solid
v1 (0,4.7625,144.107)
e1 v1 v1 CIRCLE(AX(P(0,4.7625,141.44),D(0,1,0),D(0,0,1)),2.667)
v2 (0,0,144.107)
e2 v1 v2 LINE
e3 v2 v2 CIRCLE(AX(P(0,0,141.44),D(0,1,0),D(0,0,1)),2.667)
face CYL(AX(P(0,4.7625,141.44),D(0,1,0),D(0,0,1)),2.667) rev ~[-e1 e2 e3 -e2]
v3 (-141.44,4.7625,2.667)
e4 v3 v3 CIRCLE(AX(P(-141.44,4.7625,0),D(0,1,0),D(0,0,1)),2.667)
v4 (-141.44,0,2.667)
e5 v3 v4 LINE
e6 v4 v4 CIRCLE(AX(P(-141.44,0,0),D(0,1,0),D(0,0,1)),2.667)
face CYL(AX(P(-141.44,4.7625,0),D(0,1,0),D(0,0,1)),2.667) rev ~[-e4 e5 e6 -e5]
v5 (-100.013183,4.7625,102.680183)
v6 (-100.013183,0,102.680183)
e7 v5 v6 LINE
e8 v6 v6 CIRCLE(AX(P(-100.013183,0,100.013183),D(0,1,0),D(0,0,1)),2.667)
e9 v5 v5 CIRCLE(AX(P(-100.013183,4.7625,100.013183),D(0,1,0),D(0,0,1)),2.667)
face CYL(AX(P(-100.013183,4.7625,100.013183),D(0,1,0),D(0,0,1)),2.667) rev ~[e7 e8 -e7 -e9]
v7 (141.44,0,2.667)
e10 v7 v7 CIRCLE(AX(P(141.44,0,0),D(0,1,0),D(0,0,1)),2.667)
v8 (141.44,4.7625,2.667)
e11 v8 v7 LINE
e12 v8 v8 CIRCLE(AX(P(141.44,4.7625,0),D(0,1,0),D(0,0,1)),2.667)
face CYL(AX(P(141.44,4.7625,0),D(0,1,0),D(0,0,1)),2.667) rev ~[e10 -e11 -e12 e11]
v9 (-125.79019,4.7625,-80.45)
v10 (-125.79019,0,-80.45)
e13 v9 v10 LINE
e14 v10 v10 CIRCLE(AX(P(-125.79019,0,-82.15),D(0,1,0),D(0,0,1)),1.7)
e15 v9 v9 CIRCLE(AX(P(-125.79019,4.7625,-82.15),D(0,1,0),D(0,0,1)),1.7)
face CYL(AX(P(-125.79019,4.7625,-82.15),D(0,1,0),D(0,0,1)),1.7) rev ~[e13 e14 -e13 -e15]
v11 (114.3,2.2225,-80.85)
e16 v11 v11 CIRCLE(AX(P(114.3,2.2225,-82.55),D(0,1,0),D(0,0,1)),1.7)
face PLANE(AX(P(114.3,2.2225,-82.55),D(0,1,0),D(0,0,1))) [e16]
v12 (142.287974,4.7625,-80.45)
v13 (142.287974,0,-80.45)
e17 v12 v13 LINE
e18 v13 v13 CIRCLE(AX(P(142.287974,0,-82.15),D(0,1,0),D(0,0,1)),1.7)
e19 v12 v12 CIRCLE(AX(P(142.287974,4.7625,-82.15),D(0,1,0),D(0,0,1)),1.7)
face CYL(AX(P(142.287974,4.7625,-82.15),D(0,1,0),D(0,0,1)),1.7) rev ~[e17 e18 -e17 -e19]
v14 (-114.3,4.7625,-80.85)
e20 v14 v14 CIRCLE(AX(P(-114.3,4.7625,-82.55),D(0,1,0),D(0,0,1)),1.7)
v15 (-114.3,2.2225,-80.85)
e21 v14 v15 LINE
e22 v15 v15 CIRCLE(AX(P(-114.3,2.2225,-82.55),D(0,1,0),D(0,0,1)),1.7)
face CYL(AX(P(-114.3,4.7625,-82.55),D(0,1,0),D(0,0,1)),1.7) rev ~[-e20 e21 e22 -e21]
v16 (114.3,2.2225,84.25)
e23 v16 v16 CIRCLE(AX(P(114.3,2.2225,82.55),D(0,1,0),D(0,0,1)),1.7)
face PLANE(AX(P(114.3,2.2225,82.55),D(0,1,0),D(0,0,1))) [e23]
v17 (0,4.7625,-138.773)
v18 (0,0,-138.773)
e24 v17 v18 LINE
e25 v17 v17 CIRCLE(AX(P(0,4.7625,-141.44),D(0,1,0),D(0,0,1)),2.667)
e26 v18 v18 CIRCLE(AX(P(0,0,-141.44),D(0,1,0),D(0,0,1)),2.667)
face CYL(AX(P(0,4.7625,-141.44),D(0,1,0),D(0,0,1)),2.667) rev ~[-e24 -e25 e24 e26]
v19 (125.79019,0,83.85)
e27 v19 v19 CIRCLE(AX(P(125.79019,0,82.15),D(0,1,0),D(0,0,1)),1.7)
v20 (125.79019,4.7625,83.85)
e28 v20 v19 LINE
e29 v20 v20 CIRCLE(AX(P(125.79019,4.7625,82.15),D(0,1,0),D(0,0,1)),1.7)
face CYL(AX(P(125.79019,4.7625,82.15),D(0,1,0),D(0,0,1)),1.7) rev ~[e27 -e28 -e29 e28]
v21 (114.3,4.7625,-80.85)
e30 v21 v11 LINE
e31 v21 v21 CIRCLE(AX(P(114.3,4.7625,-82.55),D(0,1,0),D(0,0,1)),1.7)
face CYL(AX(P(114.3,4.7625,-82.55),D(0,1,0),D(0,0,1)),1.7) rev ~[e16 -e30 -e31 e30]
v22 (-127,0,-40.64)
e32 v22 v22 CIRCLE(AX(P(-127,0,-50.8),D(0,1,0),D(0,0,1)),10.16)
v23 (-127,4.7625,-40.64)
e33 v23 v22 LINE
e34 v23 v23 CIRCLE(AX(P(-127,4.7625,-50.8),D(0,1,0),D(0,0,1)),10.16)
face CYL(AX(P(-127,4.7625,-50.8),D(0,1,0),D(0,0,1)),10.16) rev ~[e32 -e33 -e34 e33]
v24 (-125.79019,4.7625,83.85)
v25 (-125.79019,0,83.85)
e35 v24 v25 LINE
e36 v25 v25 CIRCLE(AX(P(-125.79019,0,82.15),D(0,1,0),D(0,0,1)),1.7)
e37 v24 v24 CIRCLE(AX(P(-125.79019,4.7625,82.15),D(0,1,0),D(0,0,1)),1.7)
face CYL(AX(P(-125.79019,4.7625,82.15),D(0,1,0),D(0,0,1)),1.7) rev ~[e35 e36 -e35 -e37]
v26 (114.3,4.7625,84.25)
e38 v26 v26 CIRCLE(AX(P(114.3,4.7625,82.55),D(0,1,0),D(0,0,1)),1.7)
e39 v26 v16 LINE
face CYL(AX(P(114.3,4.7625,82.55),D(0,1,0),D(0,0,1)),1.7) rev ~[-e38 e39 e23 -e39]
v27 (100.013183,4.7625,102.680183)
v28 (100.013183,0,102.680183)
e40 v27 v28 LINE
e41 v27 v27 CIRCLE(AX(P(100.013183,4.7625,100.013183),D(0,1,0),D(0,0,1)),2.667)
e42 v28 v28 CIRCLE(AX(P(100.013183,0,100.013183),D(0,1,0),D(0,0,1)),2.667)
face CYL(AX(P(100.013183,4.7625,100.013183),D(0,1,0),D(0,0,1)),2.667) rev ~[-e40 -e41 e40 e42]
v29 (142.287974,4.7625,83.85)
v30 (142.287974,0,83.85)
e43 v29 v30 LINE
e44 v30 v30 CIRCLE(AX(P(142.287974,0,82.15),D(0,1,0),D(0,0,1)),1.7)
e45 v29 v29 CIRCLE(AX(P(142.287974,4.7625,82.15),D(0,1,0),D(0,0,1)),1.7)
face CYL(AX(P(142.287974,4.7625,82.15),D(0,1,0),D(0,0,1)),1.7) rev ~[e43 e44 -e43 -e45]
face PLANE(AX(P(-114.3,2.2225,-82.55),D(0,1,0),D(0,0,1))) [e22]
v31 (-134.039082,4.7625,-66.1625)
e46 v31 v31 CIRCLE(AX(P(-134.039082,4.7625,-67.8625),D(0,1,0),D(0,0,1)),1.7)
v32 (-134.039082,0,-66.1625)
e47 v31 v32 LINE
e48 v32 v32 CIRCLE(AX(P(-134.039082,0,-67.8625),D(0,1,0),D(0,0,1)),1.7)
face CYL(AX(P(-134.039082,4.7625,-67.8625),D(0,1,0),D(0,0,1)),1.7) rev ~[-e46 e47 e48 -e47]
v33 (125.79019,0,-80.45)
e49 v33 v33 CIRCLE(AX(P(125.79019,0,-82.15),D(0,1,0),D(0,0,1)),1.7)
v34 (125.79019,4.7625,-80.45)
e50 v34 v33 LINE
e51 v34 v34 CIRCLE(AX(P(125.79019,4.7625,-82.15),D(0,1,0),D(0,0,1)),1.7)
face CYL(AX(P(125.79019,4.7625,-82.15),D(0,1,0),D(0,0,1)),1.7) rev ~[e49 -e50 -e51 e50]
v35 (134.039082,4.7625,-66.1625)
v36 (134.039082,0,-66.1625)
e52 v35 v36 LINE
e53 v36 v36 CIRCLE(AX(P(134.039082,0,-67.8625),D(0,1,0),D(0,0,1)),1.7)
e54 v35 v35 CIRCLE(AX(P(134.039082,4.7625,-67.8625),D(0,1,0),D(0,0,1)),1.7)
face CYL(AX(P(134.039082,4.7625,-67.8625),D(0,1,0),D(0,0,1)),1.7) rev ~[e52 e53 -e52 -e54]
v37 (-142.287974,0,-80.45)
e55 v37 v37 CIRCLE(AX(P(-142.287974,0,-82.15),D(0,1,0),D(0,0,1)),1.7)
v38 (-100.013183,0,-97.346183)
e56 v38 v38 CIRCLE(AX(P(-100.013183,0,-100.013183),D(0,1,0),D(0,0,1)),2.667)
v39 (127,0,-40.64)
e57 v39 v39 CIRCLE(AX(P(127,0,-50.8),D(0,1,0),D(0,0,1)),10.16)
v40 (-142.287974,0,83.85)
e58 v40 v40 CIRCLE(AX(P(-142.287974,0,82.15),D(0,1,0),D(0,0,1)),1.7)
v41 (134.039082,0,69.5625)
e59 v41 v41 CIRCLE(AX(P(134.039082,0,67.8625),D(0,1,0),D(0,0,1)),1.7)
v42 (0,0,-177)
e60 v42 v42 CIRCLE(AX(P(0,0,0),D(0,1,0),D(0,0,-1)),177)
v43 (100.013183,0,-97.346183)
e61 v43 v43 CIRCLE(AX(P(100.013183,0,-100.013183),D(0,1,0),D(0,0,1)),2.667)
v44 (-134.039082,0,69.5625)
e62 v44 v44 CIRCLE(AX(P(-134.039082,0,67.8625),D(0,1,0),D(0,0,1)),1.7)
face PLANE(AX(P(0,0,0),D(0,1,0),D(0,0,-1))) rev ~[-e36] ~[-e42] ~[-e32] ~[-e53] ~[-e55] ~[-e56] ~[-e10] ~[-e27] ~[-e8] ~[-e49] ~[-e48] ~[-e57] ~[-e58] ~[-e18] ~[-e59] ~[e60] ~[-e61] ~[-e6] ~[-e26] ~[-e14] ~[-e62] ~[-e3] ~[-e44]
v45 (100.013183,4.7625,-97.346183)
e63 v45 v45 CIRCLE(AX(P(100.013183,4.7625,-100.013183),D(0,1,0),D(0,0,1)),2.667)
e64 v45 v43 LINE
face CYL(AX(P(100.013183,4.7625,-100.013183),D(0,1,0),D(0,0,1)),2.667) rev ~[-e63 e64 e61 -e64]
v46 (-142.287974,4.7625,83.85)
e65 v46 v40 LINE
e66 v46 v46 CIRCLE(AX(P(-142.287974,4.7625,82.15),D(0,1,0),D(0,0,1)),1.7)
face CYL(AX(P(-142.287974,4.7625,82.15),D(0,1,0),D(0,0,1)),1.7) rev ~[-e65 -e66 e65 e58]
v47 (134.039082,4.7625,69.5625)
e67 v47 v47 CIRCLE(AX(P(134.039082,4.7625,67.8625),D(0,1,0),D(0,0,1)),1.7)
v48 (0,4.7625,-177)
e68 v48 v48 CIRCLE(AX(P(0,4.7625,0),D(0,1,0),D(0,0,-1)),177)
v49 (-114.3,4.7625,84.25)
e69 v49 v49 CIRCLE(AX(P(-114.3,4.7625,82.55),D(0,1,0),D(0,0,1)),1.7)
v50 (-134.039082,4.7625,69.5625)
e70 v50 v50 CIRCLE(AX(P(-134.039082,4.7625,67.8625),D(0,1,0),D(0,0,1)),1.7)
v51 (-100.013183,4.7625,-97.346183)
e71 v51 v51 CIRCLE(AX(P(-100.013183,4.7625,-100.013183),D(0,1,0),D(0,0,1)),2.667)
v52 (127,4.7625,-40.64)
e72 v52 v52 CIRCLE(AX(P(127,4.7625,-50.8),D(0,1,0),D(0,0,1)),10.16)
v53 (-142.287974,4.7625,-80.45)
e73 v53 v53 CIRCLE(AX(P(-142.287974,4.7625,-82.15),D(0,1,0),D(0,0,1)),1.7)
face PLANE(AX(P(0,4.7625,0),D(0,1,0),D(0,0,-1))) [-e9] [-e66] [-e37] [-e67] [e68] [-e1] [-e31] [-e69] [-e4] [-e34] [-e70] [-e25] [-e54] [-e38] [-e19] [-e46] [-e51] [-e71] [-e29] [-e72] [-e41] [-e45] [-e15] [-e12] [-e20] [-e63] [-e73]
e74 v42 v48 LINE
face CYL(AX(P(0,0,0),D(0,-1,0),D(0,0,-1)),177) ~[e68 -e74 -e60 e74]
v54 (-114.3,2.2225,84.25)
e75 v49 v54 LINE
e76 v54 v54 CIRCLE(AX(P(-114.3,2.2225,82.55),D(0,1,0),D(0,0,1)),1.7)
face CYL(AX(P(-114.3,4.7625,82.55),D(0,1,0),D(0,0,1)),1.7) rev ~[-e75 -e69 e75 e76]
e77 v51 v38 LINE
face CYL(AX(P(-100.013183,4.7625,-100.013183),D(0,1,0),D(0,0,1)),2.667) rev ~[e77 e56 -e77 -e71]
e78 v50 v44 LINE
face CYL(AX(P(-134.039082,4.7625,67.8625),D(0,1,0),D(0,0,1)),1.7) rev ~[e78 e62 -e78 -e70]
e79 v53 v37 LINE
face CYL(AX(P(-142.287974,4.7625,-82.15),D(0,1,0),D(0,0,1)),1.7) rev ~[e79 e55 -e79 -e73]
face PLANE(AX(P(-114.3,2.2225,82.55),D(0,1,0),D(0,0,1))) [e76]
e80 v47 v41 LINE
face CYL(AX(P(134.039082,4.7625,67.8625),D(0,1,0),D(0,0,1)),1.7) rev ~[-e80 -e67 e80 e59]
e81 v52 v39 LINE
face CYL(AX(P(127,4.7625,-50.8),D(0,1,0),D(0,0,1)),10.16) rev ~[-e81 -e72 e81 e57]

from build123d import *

# Parameters (mm, degrees)
SKETCH1_R           = 177
BOSS_EXTRUDE1_DEPTH = 4.7625
SKETCH3_R           = 1.7
CUT_EXTRUDE1_DEPTH  = 2.54
SKETCH4_R           = 1.7
CUT_EXTRUDE2_DEPTH  = 251.361102023
SKETCH5_R           = 10.16
WIRES_2_DEPTH       = 251.361102023
SKETCH6_R           = 2.667
ZIP_TIES_DEPTH      = 251.361102023


with BuildPart() as part:
    # Sketch1 → Boss-Extrude1 (new body)
    with BuildSketch(Plane(origin=(0, 0, 0), x_dir=(1, 0, 0), z_dir=(0, 1, 0))):
        with Locations(Location((0, 0, 0), (0, 0, 90))):
            Circle(SKETCH1_R)
    extrude(amount=BOSS_EXTRUDE1_DEPTH)

    # Sketch3 → Cut-Extrude1 (cut)
    with BuildSketch(Plane(origin=(0, 4.7625, 0), x_dir=(1, 0, 0), z_dir=(0, 1, 0))):
        with Locations(Location((-114.3, -82.55, 0), (0, 0, 270))):
            Circle(SKETCH3_R)
        with Locations(Location((-114.3, 82.55, 0), (0, 0, 270))):
            Circle(SKETCH3_R)
        with Locations(Location((114.3, 82.55, 0), (0, 0, 270))):
            Circle(SKETCH3_R)
        with Locations(Location((114.3, -82.55, 0), (0, 0, 270))):
            Circle(SKETCH3_R)
    extrude(amount=-CUT_EXTRUDE1_DEPTH, mode=Mode.SUBTRACT)

    # Sketch4 → Cut-Extrude2 (cut, through all)
    with BuildSketch(Plane(origin=(0, 4.7625, 0), x_dir=(1, 0, 0), z_dir=(0, 1, 0))):
        with Locations(Location((142.287973842, -82.15, 0), (0, 0, 270))):
            Circle(SKETCH4_R)
        with Locations(Location((125.7901899, -82.15, 0), (0, 0, 270))):
            Circle(SKETCH4_R)
        with Locations(Location((134.039081871, -67.8625, 0), (0, 0, 270))):
            Circle(SKETCH4_R)
        with Locations(Location((-134.039081871, -67.8625, 0), (0, 0, 270))):
            Circle(SKETCH4_R)
        with Locations(Location((-125.7901899, -82.15, 0), (0, 0, 270))):
            Circle(SKETCH4_R)
        with Locations(Location((-142.287973842, -82.15, 0), (0, 0, 270))):
            Circle(SKETCH4_R)
        with Locations(Location((-142.287973842, 82.15, 0), (0, 0, 270))):
            Circle(SKETCH4_R)
        with Locations(Location((-125.7901899, 82.15, 0), (0, 0, 270))):
            Circle(SKETCH4_R)
        with Locations(Location((-134.039081871, 67.8625, 0), (0, 0, 270))):
            Circle(SKETCH4_R)
        with Locations(Location((134.039081871, 67.8625, 0), (0, 0, 270))):
            Circle(SKETCH4_R)
        with Locations(Location((125.7901899, 82.15, 0), (0, 0, 270))):
            Circle(SKETCH4_R)
        with Locations(Location((142.287973842, 82.15, 0), (0, 0, 270))):
            Circle(SKETCH4_R)
    extrude(amount=-CUT_EXTRUDE2_DEPTH, mode=Mode.SUBTRACT)

    # Sketch5 → Wires 2 (cut, through all)
    with BuildSketch(Plane(origin=(0, 4.7625, 0), x_dir=(1, 0, 0), z_dir=(0, 1, 0))):
        with Locations(Location((-127, 50.8, 0), (0, 0, 270))):
            Circle(SKETCH5_R)
        with Locations(Location((127, 50.8, 0), (0, 0, 270))):
            Circle(SKETCH5_R)
    extrude(amount=-WIRES_2_DEPTH, mode=Mode.SUBTRACT)

    # Sketch6 → Zip Ties (cut, through all)
    with BuildSketch(Plane(origin=(0, 4.7625, 0), x_dir=(1, 0, 0), z_dir=(0, 1, 0))):
        with Locations(Location((0, -141.44, 0), (0, 0, 270))):
            Circle(SKETCH6_R)
        with Locations(Location((-100.013183131, -100.013183131, 0), (0, 0, 270))):
            Circle(SKETCH6_R)
        with Locations(Location((-141.44, 0, 0), (0, 0, 270))):
            Circle(SKETCH6_R)
        with Locations(Location((-100.013183131, 100.013183131, 0), (0, 0, 270))):
            Circle(SKETCH6_R)
        with Locations(Location((0, 141.44, 0), (0, 0, 270))):
            Circle(SKETCH6_R)
        with Locations(Location((100.013183131, 100.013183131, 0), (0, 0, 270))):
            Circle(SKETCH6_R)
        with Locations(Location((141.44, 0, 0), (0, 0, 270))):
            Circle(SKETCH6_R)
        with Locations(Location((100.013183131, -100.013183131, 0), (0, 0, 270))):
            Circle(SKETCH6_R)
    extrude(amount=-ZIP_TIES_DEPTH, mode=Mode.SUBTRACT)


solid = part.part
